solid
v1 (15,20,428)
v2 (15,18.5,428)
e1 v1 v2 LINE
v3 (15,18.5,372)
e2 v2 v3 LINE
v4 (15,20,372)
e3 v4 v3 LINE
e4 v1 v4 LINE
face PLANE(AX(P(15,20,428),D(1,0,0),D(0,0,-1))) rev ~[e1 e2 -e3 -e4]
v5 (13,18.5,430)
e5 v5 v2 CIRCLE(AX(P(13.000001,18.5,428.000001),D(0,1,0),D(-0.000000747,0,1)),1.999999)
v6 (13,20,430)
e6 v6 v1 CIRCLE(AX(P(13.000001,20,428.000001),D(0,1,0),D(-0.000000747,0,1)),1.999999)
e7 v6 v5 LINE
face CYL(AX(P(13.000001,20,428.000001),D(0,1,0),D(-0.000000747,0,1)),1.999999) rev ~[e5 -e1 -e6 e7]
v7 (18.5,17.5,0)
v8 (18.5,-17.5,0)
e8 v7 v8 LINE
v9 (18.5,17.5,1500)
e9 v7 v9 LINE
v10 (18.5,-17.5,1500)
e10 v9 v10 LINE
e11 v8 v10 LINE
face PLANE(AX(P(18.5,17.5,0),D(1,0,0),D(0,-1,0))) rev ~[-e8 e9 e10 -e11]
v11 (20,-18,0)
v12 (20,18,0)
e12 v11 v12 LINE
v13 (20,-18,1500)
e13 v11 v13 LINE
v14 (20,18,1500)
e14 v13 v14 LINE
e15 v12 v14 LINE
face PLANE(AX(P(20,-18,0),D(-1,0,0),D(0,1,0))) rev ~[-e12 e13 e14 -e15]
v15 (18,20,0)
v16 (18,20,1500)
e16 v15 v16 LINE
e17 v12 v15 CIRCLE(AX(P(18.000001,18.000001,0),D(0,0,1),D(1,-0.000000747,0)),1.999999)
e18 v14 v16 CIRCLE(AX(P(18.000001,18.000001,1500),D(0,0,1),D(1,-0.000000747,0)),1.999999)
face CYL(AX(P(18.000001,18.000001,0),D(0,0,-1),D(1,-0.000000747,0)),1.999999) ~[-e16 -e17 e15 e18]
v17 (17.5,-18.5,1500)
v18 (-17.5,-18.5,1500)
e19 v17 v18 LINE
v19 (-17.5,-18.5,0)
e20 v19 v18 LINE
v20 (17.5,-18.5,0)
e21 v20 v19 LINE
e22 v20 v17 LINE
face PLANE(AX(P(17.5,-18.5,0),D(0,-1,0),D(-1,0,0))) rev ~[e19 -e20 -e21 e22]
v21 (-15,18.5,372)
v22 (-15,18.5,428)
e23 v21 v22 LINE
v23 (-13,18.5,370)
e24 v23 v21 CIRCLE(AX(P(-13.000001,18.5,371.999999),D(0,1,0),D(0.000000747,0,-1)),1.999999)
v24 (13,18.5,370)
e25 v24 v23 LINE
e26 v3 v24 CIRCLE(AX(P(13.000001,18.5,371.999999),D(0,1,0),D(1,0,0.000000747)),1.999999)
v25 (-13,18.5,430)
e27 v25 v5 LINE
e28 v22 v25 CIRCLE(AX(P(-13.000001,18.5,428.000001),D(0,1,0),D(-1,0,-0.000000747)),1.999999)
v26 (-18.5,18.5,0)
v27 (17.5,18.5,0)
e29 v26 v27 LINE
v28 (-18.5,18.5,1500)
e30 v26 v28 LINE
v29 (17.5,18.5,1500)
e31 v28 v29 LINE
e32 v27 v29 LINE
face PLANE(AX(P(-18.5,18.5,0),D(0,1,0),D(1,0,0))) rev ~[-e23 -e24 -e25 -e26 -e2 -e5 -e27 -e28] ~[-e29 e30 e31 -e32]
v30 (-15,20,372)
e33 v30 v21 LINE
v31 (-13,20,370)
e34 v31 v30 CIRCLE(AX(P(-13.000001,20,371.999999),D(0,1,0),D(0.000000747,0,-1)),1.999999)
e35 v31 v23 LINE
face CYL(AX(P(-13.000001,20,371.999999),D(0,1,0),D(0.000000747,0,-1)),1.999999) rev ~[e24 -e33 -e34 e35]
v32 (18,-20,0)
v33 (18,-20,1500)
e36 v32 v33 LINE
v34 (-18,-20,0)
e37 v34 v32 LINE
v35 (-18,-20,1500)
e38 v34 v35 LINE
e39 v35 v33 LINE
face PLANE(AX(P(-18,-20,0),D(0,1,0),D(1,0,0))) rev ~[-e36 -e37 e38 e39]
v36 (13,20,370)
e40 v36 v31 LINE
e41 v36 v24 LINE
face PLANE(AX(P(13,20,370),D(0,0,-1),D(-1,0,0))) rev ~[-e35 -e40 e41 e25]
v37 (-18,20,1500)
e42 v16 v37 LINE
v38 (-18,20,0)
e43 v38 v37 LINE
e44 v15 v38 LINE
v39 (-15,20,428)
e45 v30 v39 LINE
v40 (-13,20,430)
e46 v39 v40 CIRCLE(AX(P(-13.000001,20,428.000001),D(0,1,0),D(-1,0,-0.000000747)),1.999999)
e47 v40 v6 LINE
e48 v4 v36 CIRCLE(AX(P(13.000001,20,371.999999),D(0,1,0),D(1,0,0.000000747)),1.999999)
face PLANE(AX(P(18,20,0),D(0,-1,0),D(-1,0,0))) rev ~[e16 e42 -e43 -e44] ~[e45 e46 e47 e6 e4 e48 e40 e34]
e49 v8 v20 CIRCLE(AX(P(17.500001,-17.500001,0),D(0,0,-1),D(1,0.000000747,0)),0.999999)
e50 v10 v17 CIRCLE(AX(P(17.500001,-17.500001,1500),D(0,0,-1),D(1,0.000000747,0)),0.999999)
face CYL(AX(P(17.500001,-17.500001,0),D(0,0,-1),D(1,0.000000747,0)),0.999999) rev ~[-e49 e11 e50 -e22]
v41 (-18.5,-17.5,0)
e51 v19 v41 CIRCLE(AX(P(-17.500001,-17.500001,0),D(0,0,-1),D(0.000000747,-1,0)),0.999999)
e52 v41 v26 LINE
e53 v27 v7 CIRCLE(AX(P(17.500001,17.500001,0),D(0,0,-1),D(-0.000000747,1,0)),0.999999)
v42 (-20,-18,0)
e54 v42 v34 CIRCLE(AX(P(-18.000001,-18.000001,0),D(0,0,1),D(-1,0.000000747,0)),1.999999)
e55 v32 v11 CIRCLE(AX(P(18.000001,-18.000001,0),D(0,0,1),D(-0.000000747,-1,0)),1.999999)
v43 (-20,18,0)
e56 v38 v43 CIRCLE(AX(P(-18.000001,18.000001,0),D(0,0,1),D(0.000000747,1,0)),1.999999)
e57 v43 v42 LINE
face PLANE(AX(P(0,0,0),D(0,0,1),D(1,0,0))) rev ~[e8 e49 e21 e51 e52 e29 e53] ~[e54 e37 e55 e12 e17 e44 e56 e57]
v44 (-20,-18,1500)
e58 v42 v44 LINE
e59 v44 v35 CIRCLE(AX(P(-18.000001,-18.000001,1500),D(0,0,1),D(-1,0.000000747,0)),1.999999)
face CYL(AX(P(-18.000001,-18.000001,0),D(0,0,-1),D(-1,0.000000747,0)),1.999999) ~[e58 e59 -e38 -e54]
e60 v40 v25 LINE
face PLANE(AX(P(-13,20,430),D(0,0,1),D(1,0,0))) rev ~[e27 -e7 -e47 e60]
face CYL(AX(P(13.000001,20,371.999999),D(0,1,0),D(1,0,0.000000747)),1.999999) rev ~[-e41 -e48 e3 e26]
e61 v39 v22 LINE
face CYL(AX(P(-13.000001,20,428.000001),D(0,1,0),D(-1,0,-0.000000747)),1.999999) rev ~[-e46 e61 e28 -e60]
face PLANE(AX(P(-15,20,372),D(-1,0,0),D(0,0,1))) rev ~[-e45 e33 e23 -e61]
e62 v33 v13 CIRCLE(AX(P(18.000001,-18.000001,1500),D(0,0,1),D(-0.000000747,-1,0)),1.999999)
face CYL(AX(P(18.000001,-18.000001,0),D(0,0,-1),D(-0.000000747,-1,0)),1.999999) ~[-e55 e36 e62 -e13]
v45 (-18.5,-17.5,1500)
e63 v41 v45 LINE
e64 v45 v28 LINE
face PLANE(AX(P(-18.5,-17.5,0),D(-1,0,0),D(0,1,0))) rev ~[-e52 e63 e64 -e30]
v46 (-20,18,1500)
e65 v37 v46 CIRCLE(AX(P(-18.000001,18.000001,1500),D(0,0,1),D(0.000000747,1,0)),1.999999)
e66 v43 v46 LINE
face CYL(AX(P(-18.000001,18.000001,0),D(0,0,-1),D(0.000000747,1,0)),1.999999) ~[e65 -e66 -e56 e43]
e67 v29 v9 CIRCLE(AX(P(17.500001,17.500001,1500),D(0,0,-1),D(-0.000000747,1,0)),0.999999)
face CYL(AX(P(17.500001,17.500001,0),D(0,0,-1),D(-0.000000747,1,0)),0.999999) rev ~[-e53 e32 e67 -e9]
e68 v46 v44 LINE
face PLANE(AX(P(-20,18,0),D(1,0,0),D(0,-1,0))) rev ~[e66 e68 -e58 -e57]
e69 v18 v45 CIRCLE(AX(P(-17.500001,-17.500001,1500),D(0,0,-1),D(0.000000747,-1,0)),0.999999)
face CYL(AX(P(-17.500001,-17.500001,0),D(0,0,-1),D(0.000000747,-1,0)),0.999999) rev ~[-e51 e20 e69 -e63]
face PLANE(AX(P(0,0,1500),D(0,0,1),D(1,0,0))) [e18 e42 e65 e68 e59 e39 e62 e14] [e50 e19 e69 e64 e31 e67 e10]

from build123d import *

# Parameters (mm, degrees)
F1_DEPTH = 1500
F3_DEPTH = 25


with BuildPart() as f1:
    # F0 (on Top) → F1 (new body)
    with BuildSketch(Plane.XY):
        with BuildLine():
            ThreePointArc((20, 18), (19.414214, 19.414214), (18, 20))
            Line((18, 20), (-18, 20))
            ThreePointArc((-18, 20), (-19.414214, 19.414214), (-20, 18))
            Line((-20, 18), (-20, -18))
            ThreePointArc((-20, -18), (-19.414214, -19.414214), (-18, -20))
            Line((-18, -20), (18, -20))
            ThreePointArc((18, -20), (19.414214, -19.414214), (20, -18))
            Line((20, -18), (20, 18))
        make_face()
        with BuildLine():
            Line((-18.5, 18.5), (17.5, 18.5))
            ThreePointArc((17.5, 18.5), (18.207107, 18.207107), (18.5, 17.5))
            Line((18.5, 17.5), (18.5, -17.5))
            ThreePointArc((18.5, -17.5), (18.207107, -18.207107), (17.5, -18.5))
            Line((17.5, -18.5), (-17.5, -18.5))
            ThreePointArc((-17.5, -18.5), (-18.207107, -18.207107), (-18.5, -17.5))
            Line((-18.5, -17.5), (-18.5, 18.5))
        make_face(mode=Mode.SUBTRACT)
    extrude(amount=F1_DEPTH)

    # F2 (on face) → F3 (cut)
    with BuildSketch(Plane(origin=(0, 20, 0), x_dir=(-1, 0, 0), z_dir=(0, 1, 0))):
        with BuildLine():
            Line((-13, 370), (13, 370))
            ThreePointArc((13, 370), (14.414214, 370.585786), (15, 372))
            Line((15, 372), (15, 428))
            ThreePointArc((15, 428), (14.414214, 429.414214), (13, 430))
            Line((13, 430), (-13, 430))
            ThreePointArc((-13, 430), (-14.414214, 429.414214), (-15, 428))
            Line((-15, 428), (-15, 372))
            ThreePointArc((-15, 372), (-14.414214, 370.585786), (-13, 370))
        make_face()
    extrude(amount=-F3_DEPTH, mode=Mode.SUBTRACT)


solid = f1.part
